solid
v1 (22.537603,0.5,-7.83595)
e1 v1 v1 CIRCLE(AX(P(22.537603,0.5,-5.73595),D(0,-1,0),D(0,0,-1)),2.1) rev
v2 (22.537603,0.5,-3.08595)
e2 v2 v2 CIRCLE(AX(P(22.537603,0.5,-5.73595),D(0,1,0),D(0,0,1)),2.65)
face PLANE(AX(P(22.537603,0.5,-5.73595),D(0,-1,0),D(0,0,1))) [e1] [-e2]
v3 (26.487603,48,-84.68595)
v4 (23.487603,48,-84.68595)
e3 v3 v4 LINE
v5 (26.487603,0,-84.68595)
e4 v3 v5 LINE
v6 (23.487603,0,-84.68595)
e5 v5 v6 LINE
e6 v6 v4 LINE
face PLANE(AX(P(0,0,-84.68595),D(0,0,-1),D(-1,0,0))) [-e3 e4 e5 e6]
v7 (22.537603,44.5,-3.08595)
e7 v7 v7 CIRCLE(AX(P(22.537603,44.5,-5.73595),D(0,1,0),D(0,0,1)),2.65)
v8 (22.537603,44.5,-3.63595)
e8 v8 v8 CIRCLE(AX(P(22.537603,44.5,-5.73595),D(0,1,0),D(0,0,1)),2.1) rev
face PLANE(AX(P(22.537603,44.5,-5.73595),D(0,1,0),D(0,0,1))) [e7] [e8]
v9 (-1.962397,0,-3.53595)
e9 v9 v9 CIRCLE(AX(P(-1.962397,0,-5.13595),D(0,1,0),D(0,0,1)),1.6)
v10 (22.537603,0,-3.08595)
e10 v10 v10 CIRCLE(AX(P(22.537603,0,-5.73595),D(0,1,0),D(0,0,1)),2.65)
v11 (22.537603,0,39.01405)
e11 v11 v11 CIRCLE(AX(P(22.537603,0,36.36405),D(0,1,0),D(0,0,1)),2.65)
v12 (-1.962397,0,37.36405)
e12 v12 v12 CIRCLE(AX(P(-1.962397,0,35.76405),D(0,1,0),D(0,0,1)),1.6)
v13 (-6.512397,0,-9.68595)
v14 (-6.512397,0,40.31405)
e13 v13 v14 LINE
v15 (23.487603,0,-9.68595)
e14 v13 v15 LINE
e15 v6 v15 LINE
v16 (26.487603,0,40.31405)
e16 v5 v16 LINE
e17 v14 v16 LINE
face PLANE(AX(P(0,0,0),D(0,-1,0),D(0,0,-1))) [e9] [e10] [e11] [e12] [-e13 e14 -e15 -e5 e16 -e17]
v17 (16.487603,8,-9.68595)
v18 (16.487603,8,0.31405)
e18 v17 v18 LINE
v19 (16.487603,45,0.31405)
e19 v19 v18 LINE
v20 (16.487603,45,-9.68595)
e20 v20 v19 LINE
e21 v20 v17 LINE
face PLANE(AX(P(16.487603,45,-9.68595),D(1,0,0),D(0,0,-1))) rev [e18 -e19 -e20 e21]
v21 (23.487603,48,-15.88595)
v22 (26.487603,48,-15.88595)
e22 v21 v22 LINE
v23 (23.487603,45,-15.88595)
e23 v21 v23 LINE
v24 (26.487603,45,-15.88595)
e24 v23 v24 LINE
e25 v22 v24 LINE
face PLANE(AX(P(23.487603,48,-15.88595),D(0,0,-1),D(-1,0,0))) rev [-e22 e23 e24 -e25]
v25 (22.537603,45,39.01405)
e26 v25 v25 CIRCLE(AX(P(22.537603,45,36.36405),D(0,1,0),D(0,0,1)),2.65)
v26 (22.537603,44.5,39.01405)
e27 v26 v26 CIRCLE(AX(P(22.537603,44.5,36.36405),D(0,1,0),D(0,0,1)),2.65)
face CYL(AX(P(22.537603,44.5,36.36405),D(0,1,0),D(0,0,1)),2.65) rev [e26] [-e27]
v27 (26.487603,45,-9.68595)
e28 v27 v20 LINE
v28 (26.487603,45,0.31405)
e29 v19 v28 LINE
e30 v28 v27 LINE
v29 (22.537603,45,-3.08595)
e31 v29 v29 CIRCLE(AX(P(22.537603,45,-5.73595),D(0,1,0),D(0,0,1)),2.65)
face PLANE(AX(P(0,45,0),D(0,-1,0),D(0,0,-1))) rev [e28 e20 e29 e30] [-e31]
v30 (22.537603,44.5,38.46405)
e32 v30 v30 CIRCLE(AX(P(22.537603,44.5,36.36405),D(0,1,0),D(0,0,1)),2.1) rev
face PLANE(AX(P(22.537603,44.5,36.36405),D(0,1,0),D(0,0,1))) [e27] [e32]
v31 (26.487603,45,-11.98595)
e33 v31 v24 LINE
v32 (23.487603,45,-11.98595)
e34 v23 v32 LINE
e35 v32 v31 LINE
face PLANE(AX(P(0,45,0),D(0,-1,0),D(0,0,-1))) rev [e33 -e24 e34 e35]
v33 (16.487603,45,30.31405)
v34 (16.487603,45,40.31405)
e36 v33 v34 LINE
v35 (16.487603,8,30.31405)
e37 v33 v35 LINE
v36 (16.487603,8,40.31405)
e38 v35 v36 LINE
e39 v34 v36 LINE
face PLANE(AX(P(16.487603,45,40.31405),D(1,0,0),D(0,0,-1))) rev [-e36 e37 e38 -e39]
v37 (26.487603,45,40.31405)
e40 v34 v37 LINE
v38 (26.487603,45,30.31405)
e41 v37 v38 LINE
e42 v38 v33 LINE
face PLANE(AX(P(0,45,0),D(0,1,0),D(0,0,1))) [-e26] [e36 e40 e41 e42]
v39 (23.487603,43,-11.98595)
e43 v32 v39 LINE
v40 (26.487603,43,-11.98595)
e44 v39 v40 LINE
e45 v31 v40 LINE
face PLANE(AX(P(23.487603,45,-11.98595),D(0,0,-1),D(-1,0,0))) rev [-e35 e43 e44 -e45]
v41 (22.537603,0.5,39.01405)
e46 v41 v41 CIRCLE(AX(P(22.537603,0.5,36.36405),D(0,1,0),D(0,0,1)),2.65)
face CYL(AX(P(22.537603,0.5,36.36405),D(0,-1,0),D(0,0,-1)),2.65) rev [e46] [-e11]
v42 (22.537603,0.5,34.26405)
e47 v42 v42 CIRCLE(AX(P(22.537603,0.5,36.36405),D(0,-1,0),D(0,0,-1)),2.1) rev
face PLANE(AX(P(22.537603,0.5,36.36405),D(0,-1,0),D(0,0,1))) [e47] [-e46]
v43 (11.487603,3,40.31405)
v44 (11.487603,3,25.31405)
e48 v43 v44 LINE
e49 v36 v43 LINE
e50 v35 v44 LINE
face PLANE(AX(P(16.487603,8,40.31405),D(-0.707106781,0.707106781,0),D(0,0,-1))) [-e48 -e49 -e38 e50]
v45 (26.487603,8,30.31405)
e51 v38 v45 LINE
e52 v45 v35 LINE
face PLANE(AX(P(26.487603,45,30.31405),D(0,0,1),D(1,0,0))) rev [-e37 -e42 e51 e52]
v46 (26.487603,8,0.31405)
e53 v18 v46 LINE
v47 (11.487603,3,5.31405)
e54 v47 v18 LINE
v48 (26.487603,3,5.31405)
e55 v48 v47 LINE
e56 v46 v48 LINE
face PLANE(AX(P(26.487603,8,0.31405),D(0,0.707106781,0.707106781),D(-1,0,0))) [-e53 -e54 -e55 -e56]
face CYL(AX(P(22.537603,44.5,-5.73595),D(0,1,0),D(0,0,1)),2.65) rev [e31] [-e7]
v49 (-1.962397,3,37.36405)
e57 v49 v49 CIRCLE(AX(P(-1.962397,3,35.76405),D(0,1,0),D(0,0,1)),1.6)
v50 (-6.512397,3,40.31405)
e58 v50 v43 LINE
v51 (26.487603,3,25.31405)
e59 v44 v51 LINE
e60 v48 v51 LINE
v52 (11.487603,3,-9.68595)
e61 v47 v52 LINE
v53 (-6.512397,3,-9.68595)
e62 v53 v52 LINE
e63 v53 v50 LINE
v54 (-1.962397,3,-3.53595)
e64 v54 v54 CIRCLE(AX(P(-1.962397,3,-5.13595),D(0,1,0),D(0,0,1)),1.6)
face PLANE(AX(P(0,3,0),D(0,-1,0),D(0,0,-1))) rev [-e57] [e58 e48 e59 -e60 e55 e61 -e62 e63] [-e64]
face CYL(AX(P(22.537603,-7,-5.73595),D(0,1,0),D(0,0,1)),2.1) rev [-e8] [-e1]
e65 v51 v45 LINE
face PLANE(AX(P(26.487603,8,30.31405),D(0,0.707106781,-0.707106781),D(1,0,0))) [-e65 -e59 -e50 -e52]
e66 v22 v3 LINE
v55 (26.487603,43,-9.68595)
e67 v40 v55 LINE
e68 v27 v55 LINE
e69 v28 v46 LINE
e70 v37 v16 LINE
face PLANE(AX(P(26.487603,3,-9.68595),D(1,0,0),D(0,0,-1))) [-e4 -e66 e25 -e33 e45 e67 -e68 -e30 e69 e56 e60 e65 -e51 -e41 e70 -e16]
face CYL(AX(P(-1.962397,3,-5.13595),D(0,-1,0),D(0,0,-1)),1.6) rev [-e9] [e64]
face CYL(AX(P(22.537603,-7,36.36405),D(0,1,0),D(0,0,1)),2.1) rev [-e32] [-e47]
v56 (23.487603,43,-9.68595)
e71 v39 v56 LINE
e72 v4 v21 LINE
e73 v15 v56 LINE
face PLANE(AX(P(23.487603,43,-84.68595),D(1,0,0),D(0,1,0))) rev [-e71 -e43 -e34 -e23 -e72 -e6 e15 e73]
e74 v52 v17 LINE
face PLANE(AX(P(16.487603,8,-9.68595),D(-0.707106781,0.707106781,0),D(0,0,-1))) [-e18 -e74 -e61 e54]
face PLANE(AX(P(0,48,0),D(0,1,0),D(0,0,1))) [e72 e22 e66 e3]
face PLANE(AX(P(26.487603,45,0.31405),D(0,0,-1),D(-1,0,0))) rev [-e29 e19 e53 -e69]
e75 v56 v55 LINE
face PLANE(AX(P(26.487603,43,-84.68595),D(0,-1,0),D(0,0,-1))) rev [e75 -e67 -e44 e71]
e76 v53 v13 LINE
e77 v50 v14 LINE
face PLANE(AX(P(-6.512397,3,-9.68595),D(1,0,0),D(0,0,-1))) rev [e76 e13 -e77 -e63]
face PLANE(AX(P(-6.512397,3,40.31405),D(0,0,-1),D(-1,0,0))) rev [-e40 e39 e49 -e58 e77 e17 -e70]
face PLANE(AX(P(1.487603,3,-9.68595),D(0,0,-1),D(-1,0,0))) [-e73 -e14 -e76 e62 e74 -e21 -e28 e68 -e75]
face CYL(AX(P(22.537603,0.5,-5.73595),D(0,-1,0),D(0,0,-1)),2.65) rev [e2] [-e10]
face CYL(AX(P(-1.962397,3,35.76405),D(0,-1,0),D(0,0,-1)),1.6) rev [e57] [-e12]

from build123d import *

# Parameters (mm, degrees)
SKETCH1_R           = 1.6
BOSS_EXTRUDE1_DEPTH = 3
SKETCH2_W           = 10
SKETCH2_H           = 10
BOSS_EXTRUDE2_DEPTH = 42
CHAMFER1_SIZE       = 5
SKETCH3_R           = 2.1
CUT_EXTRUDE1_DEPTH  = 52
SKETCH4_R           = 2.65
CUT_EXTRUDE2_DEPTH  = 0.5
SKETCH5_W           = 3
SKETCH5_H           = 43
BOSS_EXTRUDE3_DEPTH = 75
SKETCH6_W           = 3
SKETCH6_H           = 72.7
BOSS_EXTRUDE4_DEPTH = 2
SKETCH7_W           = 3
SKETCH7_H           = 68.8
BOSS_EXTRUDE5_DEPTH = 3


with BuildPart() as part:
    # Sketch1 → Boss-Extrude1 (new body)
    with BuildSketch(Plane(origin=(0, 0, 0), x_dir=(1, 0, 0), z_dir=(0, 1, 0))):
        Polygon((-6.512396694, 9.685950413), (1.487603306, 9.685950413), (26.487603306, 9.685950413), (26.487603306, -40.314049587), (1.487603306, -40.314049587), (-6.512396694, -40.314049587), align=None)
        with Locations(Location((-1.962396694, -35.764049587, 0), (0, 0, 270))):
            Circle(SKETCH1_R, mode=Mode.SUBTRACT)
        with Locations(Location((-1.962396694, 5.135950413, 0), (0, 0, 270))):
            Circle(SKETCH1_R, mode=Mode.SUBTRACT)
    extrude(amount=BOSS_EXTRUDE1_DEPTH)

    # Sketch2 → Boss-Extrude2 (add)
    with BuildSketch(Plane(origin=(0, 3, 0), x_dir=(1, 0, 0), z_dir=(0, 1, 0))):
        with Locations((21.487603306, -35.314049587)):
            Rectangle(SKETCH2_W, SKETCH2_H)
        with Locations((21.487603306, 4.685950413)):
            Rectangle(SKETCH2_W, SKETCH2_H)
    extrude(amount=BOSS_EXTRUDE2_DEPTH)

    # Chamfer1
    chamfer1_edges = [part.edges().sort_by_distance(p)[0] for p in [
        (21.487603306, 3, 30.314049587),
        (16.487603306, 3, 35.314049587),
        (16.487603306, 3, -4.685950413),
        (21.487603306, 3, 0.314049587),
    ]]
    chamfer(chamfer1_edges, length=CHAMFER1_SIZE)

    # Sketch3 → Cut-Extrude1 (cut)
    with BuildSketch(Plane(origin=(0, 45, 0), x_dir=(1, 0, 0), z_dir=(0, 1, 0))):
        with Locations(Location((22.537603306, -36.364049587, 0), (0, 0, 270))):
            Circle(SKETCH3_R)
        with Locations(Location((22.537603306, 5.735950413, 0), (0, 0, 270))):
            Circle(SKETCH3_R)
    extrude(amount=-CUT_EXTRUDE1_DEPTH, mode=Mode.SUBTRACT)

    # Sketch4 → Cut-Extrude2 (cut)
    with BuildSketch(Plane(origin=(0, 45, 0), x_dir=(1, 0, 0), z_dir=(0, 1, 0))):
        with Locations(Location((22.537603306, -36.364049587, 0), (0, 0, 270))):
            Circle(SKETCH4_R)
        with Locations(Location((22.537603306, 5.735950413, 0), (0, 0, 270))):
            Circle(SKETCH4_R)
    cut_extrude2 = extrude(amount=-CUT_EXTRUDE2_DEPTH, mode=Mode.SUBTRACT)

    # Mirror1: Cut-Extrude2 across plane
    add(cut_extrude2.mirror(Plane(origin=(0, 22.5, 0), x_dir=(0, 0, 1), z_dir=(0, -1, 0))), mode=Mode.SUBTRACT)

    # Sketch5 → Boss-Extrude3 (add)
    with BuildSketch(Plane(origin=(0, 0, -9.685950413), x_dir=(-1, 0, 0), z_dir=(0, 0, -1))):
        with Locations((-24.987603306, 21.5)):
            Rectangle(SKETCH5_W, SKETCH5_H)
    extrude(amount=BOSS_EXTRUDE3_DEPTH)

    # Sketch6 → Boss-Extrude4 (add)
    with BuildSketch(Plane(origin=(0, 43, 0), x_dir=(1, 0, 0), z_dir=(0, 1, 0))):
        with Locations((24.987603306, 48.335950413)):
            Rectangle(SKETCH6_W, SKETCH6_H)
    extrude(amount=BOSS_EXTRUDE4_DEPTH)

    # Sketch7 → Boss-Extrude5 (add)
    with BuildSketch(Plane(origin=(0, 45, 0), x_dir=(1, 0, 0), z_dir=(0, 1, 0))):
        with Locations((24.987603306, 50.285950413)):
            Rectangle(SKETCH7_W, SKETCH7_H)
    extrude(amount=BOSS_EXTRUDE5_DEPTH)


solid = part.part
